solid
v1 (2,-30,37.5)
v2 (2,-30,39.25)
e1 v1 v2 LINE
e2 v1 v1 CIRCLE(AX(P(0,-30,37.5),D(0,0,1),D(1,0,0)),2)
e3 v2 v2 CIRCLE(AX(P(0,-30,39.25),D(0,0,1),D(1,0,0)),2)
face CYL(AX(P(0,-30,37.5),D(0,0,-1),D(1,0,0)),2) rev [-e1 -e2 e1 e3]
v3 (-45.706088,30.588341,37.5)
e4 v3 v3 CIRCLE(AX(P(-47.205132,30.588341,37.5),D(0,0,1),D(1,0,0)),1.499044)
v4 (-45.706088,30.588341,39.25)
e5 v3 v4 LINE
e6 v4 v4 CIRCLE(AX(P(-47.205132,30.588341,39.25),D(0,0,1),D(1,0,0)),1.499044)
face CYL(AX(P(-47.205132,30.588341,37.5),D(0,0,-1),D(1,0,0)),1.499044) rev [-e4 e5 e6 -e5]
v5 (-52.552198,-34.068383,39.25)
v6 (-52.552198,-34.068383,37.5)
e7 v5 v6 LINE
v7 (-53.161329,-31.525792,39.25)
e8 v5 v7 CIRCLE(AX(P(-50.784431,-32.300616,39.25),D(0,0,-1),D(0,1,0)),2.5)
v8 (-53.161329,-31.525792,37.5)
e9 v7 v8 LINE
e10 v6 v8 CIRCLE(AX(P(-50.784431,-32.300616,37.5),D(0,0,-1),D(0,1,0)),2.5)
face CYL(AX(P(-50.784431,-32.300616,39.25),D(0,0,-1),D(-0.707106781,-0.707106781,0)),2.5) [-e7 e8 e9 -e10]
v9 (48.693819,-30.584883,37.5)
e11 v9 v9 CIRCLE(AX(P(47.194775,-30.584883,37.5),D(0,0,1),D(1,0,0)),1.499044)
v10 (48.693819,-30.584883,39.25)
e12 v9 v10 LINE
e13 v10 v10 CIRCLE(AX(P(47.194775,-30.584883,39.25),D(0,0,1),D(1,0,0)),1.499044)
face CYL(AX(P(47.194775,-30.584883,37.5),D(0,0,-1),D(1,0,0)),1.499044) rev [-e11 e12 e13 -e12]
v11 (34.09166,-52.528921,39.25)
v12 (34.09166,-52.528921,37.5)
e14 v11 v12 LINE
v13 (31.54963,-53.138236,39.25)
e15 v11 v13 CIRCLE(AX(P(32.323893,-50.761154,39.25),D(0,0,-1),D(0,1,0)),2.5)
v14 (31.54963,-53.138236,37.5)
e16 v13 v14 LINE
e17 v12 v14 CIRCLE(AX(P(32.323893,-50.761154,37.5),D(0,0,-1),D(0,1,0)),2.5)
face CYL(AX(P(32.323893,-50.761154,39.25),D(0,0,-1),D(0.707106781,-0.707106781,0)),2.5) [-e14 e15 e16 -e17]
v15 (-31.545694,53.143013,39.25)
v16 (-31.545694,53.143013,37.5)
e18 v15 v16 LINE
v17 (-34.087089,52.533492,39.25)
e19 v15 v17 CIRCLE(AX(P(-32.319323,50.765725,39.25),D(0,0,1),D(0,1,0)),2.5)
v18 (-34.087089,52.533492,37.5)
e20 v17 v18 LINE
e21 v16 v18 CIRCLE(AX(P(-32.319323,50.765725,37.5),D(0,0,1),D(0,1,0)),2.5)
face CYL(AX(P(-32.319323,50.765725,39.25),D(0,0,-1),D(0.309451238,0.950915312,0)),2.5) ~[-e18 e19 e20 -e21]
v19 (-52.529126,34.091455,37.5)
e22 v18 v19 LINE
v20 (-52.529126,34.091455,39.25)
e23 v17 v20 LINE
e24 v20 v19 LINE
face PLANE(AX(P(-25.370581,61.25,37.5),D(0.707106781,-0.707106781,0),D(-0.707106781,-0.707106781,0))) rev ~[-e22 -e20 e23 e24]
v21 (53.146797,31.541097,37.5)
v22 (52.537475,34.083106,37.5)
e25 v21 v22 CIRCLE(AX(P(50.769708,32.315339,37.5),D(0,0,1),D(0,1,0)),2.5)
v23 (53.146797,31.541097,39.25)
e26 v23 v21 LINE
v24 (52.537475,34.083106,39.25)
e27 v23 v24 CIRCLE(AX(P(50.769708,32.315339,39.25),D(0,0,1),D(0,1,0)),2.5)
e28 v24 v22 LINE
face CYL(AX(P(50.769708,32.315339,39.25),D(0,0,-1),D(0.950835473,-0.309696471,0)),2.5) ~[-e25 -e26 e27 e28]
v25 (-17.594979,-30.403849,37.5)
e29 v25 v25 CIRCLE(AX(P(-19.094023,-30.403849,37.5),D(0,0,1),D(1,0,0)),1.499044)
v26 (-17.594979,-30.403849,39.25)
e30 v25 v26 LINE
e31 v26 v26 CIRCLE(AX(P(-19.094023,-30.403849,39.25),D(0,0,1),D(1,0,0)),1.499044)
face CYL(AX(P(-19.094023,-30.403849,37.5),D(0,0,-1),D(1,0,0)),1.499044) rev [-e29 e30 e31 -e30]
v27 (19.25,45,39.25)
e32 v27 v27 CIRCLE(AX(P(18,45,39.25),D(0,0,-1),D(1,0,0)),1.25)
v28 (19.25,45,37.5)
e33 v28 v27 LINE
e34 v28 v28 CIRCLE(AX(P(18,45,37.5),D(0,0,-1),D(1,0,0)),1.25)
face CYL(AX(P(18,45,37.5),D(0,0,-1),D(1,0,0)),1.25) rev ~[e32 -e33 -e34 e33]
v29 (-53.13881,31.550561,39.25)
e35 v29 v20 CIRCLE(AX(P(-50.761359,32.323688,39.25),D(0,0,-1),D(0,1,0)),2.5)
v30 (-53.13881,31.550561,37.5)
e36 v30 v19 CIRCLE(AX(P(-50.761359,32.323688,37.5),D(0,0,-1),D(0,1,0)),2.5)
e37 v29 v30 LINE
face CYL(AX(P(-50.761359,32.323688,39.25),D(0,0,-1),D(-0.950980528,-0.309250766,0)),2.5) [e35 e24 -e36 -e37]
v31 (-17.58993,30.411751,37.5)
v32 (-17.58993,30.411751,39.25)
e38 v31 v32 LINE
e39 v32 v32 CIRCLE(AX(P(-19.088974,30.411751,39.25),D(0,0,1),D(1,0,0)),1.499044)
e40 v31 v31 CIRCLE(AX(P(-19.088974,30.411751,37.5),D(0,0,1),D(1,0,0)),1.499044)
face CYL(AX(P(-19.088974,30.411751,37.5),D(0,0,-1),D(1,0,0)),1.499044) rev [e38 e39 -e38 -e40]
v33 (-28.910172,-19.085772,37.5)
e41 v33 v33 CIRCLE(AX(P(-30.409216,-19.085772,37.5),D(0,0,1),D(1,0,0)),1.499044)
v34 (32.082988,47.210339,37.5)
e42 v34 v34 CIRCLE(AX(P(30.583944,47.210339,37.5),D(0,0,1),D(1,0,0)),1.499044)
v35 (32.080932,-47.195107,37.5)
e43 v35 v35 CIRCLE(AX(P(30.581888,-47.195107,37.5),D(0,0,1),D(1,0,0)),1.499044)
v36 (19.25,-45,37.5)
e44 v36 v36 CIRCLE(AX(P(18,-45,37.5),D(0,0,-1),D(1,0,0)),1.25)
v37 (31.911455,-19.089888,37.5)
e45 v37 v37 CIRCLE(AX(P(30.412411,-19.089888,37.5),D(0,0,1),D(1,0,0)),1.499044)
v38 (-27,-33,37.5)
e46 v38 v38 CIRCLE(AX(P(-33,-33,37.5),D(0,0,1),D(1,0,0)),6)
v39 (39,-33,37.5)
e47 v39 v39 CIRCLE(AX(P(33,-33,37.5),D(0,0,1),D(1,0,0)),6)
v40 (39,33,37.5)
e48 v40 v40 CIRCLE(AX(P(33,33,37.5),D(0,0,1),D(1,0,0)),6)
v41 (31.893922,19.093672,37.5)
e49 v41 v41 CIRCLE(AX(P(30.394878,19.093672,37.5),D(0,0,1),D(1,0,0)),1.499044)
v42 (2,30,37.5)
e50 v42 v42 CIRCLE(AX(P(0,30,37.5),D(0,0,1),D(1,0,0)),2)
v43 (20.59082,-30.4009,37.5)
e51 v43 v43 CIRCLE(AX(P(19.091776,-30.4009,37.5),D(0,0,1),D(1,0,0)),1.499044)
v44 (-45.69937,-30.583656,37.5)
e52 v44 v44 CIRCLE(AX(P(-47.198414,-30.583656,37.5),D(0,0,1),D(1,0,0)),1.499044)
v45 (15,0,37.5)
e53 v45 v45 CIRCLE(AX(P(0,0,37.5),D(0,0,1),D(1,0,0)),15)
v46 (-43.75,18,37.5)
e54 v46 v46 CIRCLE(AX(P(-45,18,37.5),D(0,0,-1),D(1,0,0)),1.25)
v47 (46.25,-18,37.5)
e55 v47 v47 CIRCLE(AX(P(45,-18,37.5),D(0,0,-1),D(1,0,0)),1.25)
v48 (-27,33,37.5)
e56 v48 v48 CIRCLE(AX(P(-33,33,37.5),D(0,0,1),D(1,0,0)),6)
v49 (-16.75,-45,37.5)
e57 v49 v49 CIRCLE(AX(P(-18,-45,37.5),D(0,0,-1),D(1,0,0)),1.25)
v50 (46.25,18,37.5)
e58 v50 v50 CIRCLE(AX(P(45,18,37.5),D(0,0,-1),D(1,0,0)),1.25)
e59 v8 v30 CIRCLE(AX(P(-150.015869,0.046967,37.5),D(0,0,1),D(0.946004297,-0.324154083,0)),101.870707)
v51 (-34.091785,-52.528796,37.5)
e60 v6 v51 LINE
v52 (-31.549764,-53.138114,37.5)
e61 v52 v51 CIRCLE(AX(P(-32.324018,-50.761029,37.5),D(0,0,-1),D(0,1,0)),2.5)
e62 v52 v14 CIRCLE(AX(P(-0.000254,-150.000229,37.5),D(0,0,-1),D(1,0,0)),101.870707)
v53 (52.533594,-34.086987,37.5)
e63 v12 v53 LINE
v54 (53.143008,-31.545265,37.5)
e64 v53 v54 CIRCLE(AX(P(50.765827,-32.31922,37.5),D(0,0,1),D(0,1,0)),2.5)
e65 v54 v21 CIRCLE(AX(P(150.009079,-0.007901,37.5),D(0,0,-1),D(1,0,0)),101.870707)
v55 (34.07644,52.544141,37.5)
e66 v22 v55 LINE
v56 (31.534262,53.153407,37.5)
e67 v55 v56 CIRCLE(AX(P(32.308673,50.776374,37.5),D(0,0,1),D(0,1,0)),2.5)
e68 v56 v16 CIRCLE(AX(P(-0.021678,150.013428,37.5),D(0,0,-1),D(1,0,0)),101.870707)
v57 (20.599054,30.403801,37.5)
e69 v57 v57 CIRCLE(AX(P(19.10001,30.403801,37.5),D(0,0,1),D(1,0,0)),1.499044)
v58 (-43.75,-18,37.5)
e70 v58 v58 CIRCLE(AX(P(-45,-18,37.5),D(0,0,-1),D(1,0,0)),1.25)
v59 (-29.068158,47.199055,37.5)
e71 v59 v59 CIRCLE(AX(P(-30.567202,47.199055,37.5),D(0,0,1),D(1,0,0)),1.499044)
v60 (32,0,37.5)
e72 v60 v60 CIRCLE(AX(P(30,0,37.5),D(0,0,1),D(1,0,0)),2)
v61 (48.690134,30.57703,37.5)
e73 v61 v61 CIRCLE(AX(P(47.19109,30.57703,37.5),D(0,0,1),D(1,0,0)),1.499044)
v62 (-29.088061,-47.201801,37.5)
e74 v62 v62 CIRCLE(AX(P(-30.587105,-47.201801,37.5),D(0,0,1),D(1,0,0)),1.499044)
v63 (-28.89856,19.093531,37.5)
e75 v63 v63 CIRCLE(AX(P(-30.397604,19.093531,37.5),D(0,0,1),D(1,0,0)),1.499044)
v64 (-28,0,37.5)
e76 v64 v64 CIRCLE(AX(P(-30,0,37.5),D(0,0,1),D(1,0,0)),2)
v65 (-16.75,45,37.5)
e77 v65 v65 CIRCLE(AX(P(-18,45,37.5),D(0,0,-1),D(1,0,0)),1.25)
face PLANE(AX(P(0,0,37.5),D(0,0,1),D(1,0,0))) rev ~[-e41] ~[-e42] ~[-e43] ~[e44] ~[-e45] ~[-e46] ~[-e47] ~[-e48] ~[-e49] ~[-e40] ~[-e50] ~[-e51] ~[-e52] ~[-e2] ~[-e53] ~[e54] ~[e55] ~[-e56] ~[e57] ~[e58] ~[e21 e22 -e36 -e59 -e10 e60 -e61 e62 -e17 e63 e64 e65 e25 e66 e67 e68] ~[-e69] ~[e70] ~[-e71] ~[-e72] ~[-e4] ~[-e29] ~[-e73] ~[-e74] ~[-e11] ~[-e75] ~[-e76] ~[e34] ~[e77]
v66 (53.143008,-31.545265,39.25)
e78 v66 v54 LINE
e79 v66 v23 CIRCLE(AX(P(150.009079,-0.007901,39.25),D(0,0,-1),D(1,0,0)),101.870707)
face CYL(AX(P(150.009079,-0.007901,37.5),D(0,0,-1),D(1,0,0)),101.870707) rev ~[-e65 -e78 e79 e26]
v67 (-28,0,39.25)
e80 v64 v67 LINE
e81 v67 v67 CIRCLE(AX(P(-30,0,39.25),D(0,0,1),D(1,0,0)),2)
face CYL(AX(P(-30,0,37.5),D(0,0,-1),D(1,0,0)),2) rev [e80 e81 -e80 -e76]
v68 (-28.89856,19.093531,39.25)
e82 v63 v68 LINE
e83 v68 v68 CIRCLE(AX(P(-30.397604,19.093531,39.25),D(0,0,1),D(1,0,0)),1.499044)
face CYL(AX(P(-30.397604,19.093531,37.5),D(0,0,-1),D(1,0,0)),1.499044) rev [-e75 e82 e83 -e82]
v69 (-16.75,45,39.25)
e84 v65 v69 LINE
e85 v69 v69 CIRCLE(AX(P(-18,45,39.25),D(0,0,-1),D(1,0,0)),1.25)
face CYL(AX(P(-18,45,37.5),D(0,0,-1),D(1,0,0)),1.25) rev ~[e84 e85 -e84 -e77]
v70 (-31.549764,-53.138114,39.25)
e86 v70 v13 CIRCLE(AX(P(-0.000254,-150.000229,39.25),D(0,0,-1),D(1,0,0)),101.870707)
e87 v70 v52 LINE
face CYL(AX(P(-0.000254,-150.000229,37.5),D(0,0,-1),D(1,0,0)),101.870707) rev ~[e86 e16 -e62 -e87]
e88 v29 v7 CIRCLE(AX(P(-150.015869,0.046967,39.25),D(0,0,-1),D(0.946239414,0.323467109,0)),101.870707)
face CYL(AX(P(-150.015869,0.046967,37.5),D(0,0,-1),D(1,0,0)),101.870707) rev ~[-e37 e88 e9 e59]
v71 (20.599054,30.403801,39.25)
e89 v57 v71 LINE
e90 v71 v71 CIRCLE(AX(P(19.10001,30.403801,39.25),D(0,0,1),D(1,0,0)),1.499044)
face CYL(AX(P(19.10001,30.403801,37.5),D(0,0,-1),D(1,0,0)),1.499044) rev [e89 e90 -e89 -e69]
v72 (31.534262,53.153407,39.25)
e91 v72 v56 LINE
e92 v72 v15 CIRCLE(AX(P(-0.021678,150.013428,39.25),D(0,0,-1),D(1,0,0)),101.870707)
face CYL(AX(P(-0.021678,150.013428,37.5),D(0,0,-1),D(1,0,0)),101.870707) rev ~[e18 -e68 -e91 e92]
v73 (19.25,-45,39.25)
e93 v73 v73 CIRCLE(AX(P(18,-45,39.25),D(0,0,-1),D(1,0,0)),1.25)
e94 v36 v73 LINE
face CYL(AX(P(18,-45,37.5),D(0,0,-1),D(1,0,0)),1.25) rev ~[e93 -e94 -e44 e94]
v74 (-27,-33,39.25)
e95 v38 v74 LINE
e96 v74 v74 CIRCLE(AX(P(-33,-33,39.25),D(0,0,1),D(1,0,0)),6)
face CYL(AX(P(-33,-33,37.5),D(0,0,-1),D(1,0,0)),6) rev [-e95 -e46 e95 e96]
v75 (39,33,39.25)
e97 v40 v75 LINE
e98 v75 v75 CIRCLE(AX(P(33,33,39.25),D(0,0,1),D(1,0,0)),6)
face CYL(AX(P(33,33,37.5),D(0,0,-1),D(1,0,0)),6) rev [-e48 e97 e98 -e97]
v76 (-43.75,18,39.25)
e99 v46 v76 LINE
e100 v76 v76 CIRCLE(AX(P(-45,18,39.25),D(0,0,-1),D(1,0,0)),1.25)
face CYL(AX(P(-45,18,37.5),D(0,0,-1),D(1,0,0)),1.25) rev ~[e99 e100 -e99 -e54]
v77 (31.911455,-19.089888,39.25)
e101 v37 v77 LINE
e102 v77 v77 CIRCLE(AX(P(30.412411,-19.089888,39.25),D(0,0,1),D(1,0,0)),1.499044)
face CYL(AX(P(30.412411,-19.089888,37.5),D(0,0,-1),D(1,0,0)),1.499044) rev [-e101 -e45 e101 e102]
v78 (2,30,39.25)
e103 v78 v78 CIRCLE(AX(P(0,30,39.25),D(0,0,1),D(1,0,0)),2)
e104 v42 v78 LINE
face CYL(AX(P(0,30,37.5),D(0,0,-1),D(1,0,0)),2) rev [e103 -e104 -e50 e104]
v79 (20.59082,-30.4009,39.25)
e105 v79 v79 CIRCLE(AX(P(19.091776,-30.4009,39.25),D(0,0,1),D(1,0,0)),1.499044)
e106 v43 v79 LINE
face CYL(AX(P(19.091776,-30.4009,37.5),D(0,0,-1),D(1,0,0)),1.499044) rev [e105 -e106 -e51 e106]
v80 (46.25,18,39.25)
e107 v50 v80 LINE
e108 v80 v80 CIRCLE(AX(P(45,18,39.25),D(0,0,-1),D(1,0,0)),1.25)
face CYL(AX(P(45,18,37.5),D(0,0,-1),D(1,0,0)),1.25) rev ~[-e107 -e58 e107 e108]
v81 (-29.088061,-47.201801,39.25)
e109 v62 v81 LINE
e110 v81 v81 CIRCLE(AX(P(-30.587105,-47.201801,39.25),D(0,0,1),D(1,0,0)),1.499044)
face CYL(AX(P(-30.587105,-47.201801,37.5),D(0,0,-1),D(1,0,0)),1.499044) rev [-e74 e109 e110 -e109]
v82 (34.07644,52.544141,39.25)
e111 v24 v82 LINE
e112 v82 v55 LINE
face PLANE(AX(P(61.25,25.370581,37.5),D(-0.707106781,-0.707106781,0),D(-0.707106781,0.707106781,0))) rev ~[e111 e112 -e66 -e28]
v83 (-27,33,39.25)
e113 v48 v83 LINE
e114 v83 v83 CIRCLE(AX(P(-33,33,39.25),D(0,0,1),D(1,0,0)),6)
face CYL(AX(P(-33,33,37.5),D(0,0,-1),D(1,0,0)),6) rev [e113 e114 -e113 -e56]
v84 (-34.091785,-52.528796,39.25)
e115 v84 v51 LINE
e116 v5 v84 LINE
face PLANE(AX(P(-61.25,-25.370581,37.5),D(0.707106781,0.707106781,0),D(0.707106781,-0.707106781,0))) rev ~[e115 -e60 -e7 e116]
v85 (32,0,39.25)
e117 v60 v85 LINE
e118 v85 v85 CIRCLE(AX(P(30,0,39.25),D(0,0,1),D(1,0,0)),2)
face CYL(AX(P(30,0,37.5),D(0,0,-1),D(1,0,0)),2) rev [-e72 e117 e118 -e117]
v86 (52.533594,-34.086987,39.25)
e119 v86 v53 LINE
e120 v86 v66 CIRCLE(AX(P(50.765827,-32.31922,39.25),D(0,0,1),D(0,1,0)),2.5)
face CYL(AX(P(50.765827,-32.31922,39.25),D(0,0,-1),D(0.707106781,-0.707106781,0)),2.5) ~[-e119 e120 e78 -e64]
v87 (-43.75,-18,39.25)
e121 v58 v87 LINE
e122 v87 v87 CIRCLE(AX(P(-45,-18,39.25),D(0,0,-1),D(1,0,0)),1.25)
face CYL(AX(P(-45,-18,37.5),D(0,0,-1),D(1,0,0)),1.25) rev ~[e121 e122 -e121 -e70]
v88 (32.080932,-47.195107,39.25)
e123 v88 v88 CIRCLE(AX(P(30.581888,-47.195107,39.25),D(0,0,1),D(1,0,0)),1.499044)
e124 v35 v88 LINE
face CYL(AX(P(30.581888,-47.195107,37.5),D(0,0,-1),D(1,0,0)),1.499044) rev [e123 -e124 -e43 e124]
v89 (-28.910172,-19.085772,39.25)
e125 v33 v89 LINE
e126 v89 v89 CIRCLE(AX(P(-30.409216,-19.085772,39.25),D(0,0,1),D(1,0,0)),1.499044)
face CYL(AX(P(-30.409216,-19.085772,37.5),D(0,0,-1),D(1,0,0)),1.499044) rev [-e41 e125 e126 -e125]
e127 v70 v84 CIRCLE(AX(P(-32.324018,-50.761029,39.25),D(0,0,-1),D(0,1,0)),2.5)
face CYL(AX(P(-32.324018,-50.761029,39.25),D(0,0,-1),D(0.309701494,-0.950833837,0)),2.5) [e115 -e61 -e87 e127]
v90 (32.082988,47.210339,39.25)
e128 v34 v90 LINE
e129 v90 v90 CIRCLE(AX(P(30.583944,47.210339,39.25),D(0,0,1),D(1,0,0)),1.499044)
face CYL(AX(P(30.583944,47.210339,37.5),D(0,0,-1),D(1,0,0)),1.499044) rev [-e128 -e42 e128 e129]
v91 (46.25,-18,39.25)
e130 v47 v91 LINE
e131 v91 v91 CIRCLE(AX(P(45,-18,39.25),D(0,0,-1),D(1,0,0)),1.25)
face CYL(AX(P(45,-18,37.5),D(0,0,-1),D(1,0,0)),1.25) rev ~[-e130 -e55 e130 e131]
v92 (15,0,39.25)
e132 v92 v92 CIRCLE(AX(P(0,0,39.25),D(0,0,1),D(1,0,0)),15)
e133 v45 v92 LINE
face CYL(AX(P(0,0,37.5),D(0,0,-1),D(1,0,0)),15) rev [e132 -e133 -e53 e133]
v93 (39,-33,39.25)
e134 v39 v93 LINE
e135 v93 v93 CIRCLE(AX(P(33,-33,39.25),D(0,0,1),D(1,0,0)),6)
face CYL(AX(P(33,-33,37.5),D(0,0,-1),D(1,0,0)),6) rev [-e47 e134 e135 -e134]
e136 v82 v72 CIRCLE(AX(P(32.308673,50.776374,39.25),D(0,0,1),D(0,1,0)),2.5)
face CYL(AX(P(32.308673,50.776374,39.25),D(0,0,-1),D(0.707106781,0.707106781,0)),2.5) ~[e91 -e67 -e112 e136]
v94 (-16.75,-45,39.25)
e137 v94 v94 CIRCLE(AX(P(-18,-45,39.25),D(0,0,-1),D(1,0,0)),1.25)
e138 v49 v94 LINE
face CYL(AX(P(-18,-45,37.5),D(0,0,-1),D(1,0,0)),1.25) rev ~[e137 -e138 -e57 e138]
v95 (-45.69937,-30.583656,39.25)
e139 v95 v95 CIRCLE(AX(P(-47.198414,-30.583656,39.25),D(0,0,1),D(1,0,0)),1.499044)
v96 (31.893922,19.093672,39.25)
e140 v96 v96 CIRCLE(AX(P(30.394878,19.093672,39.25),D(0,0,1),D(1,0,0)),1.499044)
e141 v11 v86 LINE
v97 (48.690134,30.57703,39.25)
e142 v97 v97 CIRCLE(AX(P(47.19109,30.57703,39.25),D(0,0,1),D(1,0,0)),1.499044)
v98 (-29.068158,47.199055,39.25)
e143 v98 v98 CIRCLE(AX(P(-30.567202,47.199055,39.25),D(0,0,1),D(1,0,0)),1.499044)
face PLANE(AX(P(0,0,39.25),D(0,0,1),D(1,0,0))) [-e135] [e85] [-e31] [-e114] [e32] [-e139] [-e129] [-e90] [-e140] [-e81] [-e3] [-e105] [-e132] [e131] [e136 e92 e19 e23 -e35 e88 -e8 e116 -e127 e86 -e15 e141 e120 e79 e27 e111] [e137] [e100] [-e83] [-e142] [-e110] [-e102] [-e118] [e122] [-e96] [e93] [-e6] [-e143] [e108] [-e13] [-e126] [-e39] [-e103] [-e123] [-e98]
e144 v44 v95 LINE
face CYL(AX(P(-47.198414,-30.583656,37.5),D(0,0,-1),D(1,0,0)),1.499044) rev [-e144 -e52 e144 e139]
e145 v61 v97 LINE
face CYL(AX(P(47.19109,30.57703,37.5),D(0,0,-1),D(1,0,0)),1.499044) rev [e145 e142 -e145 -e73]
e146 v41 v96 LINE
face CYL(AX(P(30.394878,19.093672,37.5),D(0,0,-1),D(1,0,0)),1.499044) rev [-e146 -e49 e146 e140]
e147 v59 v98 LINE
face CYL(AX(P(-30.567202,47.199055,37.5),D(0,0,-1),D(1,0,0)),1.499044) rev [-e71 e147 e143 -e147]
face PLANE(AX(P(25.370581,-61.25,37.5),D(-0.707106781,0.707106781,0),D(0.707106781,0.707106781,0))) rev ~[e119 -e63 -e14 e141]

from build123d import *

# Parameters (mm, degrees)
SKETCH005_R      = 6
EXTRUDE005_DEPTH = 1.75
SKETCH004_R      = 1.25
EXTRUDE004_DEPTH = 1.75
SKETCH003_R      = 2
SKETCH003_R_2    = 15
EXTRUDE003_DEPTH = 1.75
SKETCH002_R      = 1.499044
EXTRUDE002_DEPTH = 1.75
SKETCH001_R      = 101.870707
EXTRUDE001_DEPTH = 1.75
EXTRUDE_DEPTH    = 1.75
FILLET001_R      = 2.5


with BuildPart() as misc_holes:
    # Sketch005 (on Cut) → Extrude005 (new body)
    with BuildSketch(Plane.XY.offset(-1.75)):
        with Locations((-33, -33)):
            Circle(SKETCH005_R)
        with Locations((33, -33)):
            Circle(SKETCH005_R)
        with Locations((33, 33)):
            Circle(SKETCH005_R)
        with Locations((-33, 33)):
            Circle(SKETCH005_R)
    extrude(amount=EXTRUDE005_DEPTH)


with BuildPart() as misc_holes_1:
    # Extrude005 placement: moved
    add(misc_holes.part.moved(Location((0, 0, 39.25))))


with BuildPart() as lidar_mount_holes:
    # Sketch004 (on Face2 of Cut002) → Extrude004 (new body)
    with BuildSketch(Plane(origin=(0, 0, 39.25), x_dir=(1, 0, 0), z_dir=(0, 0, -1))):
        with Locations((-18, -45)):
            Circle(SKETCH004_R)
        with Locations((18, -45)):
            Circle(SKETCH004_R)
        with Locations((18, 45)):
            Circle(SKETCH004_R)
        with Locations((-18, 45)):
            Circle(SKETCH004_R)
        with Locations((45, -18)):
            Circle(SKETCH004_R)
        with Locations((45, 18)):
            Circle(SKETCH004_R)
        with Locations((-45, -18)):
            Circle(SKETCH004_R)
        with Locations((-45, 18)):
            Circle(SKETCH004_R)
    extrude(amount=-EXTRUDE004_DEPTH)


with BuildPart() as pcb_mount_holes:
    # Sketch003 (on Face4 of Cut001) → Extrude003 (new body)
    with BuildSketch(Plane.XY.offset(41)):
        with Locations((0, -30)):
            Circle(SKETCH003_R)
        with Locations((-30, 0)):
            Circle(SKETCH003_R)
        with Locations((0, 30)):
            Circle(SKETCH003_R)
        with Locations((30, 0)):
            Circle(SKETCH003_R)
        Circle(SKETCH003_R_2)
    extrude(amount=EXTRUDE003_DEPTH)


with BuildPart() as pcb_mount_holes_1:
    # Extrude003 placement: moved
    add(pcb_mount_holes.part.moved(Location((0, 0, -1.75))))


with BuildPart() as new_plate_mount_holes:
    # Sketch002 (on Face4 of Cut) → Extrude002 (new body)
    with BuildSketch(Plane.XY.offset(41)):
        with Locations((-47.205132, 30.588341)):
            Circle(SKETCH002_R)
        with Locations((-30.567202, 47.199055)):
            Circle(SKETCH002_R)
        with Locations((-30.397604, 19.093531)):
            Circle(SKETCH002_R)
        with Locations((-19.088974, 30.411751)):
            Circle(SKETCH002_R)
        with Locations((19.10001, 30.403801)):
            Circle(SKETCH002_R)
        with Locations((30.583944, 47.210339)):
            Circle(SKETCH002_R)
        with Locations((30.394878, 19.093672)):
            Circle(SKETCH002_R)
        with Locations((47.19109, 30.57703)):
            Circle(SKETCH002_R)
        with Locations((30.412411, -19.089888)):
            Circle(SKETCH002_R)
        with Locations((47.194775, -30.584883)):
            Circle(SKETCH002_R)
        with Locations((19.091776, -30.4009)):
            Circle(SKETCH002_R)
        with Locations((30.581888, -47.195107)):
            Circle(SKETCH002_R)
        with Locations((-30.587105, -47.201801)):
            Circle(SKETCH002_R)
        with Locations((-19.094023, -30.403849)):
            Circle(SKETCH002_R)
        with Locations((-30.409216, -19.085772)):
            Circle(SKETCH002_R)
        with Locations((-47.198414, -30.583656)):
            Circle(SKETCH002_R)
    extrude(amount=EXTRUDE002_DEPTH)


with BuildPart() as new_plate_mount_holes_1:
    # Extrude002 placement: moved
    add(new_plate_mount_holes.part.moved(Location((0, 0, -1.75))))


with BuildPart() as new_plate_base_neg1:
    # Sketch001 (on Face9 of Extrude) → Extrude001 (new body)
    with BuildSketch(Plane(origin=(0, 0, 39.25), x_dir=(1, 0, 0), z_dir=(0, 0, -1))):
        with Locations((-0.000254, 150.000229)):
            Circle(SKETCH001_R)
        with Locations((150.009079, 0.007901)):
            Circle(SKETCH001_R)
        with Locations((-0.021678, -150.013428)):
            Circle(SKETCH001_R)
        with Locations((-150.015869, -0.046967)):
            Circle(SKETCH001_R)
    extrude(amount=-EXTRUDE001_DEPTH)


with BuildPart() as top_plate_new:
    # Sketch (on Face200 of F450107) → Extrude (new body)
    with BuildSketch(Plane.XY.offset(39.25)):
        Polygon((61.25, -25.370581), (61.25, 25.370581), (25.370581, 61.25), (-25.370581, 61.25), (-61.25, 25.370581), (-61.25, -25.370581), (-25.370581, -61.25), (25.370581, -61.25), align=None)
    extrude(amount=EXTRUDE_DEPTH)

    # Cut: cut new_plate_base_neg1
    add(new_plate_base_neg1.part, mode=Mode.SUBTRACT)

    # Cut001: cut new_plate_mount_holes
    add(new_plate_mount_holes_1.part, mode=Mode.SUBTRACT)

    # Cut002: cut pcb_mount_holes
    add(pcb_mount_holes_1.part, mode=Mode.SUBTRACT)

    # Cut003: cut lidar_mount_holes
    add(lidar_mount_holes.part, mode=Mode.SUBTRACT)


with BuildPart() as top_plate_new_1:
    # Cut003 placement: moved
    add(top_plate_new.part.moved(Location((0, 0, -1.75))))

    # Cut004: cut misc_holes
    add(misc_holes_1.part, mode=Mode.SUBTRACT)

    # Fillet001
    fillet001_edges = [top_plate_new_1.edges().sort_by_distance(p)[0] for p in [
        (53.626688, -32.993893, 38.375),
        (32.998406, -53.622175, 38.375),
        (53.630718, 32.989863, 38.375),
        (-32.998536, -53.622045, 38.375),
        (-53.645742, -32.974838, 38.375),
        (32.983109, 53.637472, 38.375),
        (-32.994165, 53.626416, 38.375),
        (-53.621791, 32.99879, 38.375),
    ]]
    fillet(fillet001_edges, radius=FILLET001_R)


solid = top_plate_new_1.part
